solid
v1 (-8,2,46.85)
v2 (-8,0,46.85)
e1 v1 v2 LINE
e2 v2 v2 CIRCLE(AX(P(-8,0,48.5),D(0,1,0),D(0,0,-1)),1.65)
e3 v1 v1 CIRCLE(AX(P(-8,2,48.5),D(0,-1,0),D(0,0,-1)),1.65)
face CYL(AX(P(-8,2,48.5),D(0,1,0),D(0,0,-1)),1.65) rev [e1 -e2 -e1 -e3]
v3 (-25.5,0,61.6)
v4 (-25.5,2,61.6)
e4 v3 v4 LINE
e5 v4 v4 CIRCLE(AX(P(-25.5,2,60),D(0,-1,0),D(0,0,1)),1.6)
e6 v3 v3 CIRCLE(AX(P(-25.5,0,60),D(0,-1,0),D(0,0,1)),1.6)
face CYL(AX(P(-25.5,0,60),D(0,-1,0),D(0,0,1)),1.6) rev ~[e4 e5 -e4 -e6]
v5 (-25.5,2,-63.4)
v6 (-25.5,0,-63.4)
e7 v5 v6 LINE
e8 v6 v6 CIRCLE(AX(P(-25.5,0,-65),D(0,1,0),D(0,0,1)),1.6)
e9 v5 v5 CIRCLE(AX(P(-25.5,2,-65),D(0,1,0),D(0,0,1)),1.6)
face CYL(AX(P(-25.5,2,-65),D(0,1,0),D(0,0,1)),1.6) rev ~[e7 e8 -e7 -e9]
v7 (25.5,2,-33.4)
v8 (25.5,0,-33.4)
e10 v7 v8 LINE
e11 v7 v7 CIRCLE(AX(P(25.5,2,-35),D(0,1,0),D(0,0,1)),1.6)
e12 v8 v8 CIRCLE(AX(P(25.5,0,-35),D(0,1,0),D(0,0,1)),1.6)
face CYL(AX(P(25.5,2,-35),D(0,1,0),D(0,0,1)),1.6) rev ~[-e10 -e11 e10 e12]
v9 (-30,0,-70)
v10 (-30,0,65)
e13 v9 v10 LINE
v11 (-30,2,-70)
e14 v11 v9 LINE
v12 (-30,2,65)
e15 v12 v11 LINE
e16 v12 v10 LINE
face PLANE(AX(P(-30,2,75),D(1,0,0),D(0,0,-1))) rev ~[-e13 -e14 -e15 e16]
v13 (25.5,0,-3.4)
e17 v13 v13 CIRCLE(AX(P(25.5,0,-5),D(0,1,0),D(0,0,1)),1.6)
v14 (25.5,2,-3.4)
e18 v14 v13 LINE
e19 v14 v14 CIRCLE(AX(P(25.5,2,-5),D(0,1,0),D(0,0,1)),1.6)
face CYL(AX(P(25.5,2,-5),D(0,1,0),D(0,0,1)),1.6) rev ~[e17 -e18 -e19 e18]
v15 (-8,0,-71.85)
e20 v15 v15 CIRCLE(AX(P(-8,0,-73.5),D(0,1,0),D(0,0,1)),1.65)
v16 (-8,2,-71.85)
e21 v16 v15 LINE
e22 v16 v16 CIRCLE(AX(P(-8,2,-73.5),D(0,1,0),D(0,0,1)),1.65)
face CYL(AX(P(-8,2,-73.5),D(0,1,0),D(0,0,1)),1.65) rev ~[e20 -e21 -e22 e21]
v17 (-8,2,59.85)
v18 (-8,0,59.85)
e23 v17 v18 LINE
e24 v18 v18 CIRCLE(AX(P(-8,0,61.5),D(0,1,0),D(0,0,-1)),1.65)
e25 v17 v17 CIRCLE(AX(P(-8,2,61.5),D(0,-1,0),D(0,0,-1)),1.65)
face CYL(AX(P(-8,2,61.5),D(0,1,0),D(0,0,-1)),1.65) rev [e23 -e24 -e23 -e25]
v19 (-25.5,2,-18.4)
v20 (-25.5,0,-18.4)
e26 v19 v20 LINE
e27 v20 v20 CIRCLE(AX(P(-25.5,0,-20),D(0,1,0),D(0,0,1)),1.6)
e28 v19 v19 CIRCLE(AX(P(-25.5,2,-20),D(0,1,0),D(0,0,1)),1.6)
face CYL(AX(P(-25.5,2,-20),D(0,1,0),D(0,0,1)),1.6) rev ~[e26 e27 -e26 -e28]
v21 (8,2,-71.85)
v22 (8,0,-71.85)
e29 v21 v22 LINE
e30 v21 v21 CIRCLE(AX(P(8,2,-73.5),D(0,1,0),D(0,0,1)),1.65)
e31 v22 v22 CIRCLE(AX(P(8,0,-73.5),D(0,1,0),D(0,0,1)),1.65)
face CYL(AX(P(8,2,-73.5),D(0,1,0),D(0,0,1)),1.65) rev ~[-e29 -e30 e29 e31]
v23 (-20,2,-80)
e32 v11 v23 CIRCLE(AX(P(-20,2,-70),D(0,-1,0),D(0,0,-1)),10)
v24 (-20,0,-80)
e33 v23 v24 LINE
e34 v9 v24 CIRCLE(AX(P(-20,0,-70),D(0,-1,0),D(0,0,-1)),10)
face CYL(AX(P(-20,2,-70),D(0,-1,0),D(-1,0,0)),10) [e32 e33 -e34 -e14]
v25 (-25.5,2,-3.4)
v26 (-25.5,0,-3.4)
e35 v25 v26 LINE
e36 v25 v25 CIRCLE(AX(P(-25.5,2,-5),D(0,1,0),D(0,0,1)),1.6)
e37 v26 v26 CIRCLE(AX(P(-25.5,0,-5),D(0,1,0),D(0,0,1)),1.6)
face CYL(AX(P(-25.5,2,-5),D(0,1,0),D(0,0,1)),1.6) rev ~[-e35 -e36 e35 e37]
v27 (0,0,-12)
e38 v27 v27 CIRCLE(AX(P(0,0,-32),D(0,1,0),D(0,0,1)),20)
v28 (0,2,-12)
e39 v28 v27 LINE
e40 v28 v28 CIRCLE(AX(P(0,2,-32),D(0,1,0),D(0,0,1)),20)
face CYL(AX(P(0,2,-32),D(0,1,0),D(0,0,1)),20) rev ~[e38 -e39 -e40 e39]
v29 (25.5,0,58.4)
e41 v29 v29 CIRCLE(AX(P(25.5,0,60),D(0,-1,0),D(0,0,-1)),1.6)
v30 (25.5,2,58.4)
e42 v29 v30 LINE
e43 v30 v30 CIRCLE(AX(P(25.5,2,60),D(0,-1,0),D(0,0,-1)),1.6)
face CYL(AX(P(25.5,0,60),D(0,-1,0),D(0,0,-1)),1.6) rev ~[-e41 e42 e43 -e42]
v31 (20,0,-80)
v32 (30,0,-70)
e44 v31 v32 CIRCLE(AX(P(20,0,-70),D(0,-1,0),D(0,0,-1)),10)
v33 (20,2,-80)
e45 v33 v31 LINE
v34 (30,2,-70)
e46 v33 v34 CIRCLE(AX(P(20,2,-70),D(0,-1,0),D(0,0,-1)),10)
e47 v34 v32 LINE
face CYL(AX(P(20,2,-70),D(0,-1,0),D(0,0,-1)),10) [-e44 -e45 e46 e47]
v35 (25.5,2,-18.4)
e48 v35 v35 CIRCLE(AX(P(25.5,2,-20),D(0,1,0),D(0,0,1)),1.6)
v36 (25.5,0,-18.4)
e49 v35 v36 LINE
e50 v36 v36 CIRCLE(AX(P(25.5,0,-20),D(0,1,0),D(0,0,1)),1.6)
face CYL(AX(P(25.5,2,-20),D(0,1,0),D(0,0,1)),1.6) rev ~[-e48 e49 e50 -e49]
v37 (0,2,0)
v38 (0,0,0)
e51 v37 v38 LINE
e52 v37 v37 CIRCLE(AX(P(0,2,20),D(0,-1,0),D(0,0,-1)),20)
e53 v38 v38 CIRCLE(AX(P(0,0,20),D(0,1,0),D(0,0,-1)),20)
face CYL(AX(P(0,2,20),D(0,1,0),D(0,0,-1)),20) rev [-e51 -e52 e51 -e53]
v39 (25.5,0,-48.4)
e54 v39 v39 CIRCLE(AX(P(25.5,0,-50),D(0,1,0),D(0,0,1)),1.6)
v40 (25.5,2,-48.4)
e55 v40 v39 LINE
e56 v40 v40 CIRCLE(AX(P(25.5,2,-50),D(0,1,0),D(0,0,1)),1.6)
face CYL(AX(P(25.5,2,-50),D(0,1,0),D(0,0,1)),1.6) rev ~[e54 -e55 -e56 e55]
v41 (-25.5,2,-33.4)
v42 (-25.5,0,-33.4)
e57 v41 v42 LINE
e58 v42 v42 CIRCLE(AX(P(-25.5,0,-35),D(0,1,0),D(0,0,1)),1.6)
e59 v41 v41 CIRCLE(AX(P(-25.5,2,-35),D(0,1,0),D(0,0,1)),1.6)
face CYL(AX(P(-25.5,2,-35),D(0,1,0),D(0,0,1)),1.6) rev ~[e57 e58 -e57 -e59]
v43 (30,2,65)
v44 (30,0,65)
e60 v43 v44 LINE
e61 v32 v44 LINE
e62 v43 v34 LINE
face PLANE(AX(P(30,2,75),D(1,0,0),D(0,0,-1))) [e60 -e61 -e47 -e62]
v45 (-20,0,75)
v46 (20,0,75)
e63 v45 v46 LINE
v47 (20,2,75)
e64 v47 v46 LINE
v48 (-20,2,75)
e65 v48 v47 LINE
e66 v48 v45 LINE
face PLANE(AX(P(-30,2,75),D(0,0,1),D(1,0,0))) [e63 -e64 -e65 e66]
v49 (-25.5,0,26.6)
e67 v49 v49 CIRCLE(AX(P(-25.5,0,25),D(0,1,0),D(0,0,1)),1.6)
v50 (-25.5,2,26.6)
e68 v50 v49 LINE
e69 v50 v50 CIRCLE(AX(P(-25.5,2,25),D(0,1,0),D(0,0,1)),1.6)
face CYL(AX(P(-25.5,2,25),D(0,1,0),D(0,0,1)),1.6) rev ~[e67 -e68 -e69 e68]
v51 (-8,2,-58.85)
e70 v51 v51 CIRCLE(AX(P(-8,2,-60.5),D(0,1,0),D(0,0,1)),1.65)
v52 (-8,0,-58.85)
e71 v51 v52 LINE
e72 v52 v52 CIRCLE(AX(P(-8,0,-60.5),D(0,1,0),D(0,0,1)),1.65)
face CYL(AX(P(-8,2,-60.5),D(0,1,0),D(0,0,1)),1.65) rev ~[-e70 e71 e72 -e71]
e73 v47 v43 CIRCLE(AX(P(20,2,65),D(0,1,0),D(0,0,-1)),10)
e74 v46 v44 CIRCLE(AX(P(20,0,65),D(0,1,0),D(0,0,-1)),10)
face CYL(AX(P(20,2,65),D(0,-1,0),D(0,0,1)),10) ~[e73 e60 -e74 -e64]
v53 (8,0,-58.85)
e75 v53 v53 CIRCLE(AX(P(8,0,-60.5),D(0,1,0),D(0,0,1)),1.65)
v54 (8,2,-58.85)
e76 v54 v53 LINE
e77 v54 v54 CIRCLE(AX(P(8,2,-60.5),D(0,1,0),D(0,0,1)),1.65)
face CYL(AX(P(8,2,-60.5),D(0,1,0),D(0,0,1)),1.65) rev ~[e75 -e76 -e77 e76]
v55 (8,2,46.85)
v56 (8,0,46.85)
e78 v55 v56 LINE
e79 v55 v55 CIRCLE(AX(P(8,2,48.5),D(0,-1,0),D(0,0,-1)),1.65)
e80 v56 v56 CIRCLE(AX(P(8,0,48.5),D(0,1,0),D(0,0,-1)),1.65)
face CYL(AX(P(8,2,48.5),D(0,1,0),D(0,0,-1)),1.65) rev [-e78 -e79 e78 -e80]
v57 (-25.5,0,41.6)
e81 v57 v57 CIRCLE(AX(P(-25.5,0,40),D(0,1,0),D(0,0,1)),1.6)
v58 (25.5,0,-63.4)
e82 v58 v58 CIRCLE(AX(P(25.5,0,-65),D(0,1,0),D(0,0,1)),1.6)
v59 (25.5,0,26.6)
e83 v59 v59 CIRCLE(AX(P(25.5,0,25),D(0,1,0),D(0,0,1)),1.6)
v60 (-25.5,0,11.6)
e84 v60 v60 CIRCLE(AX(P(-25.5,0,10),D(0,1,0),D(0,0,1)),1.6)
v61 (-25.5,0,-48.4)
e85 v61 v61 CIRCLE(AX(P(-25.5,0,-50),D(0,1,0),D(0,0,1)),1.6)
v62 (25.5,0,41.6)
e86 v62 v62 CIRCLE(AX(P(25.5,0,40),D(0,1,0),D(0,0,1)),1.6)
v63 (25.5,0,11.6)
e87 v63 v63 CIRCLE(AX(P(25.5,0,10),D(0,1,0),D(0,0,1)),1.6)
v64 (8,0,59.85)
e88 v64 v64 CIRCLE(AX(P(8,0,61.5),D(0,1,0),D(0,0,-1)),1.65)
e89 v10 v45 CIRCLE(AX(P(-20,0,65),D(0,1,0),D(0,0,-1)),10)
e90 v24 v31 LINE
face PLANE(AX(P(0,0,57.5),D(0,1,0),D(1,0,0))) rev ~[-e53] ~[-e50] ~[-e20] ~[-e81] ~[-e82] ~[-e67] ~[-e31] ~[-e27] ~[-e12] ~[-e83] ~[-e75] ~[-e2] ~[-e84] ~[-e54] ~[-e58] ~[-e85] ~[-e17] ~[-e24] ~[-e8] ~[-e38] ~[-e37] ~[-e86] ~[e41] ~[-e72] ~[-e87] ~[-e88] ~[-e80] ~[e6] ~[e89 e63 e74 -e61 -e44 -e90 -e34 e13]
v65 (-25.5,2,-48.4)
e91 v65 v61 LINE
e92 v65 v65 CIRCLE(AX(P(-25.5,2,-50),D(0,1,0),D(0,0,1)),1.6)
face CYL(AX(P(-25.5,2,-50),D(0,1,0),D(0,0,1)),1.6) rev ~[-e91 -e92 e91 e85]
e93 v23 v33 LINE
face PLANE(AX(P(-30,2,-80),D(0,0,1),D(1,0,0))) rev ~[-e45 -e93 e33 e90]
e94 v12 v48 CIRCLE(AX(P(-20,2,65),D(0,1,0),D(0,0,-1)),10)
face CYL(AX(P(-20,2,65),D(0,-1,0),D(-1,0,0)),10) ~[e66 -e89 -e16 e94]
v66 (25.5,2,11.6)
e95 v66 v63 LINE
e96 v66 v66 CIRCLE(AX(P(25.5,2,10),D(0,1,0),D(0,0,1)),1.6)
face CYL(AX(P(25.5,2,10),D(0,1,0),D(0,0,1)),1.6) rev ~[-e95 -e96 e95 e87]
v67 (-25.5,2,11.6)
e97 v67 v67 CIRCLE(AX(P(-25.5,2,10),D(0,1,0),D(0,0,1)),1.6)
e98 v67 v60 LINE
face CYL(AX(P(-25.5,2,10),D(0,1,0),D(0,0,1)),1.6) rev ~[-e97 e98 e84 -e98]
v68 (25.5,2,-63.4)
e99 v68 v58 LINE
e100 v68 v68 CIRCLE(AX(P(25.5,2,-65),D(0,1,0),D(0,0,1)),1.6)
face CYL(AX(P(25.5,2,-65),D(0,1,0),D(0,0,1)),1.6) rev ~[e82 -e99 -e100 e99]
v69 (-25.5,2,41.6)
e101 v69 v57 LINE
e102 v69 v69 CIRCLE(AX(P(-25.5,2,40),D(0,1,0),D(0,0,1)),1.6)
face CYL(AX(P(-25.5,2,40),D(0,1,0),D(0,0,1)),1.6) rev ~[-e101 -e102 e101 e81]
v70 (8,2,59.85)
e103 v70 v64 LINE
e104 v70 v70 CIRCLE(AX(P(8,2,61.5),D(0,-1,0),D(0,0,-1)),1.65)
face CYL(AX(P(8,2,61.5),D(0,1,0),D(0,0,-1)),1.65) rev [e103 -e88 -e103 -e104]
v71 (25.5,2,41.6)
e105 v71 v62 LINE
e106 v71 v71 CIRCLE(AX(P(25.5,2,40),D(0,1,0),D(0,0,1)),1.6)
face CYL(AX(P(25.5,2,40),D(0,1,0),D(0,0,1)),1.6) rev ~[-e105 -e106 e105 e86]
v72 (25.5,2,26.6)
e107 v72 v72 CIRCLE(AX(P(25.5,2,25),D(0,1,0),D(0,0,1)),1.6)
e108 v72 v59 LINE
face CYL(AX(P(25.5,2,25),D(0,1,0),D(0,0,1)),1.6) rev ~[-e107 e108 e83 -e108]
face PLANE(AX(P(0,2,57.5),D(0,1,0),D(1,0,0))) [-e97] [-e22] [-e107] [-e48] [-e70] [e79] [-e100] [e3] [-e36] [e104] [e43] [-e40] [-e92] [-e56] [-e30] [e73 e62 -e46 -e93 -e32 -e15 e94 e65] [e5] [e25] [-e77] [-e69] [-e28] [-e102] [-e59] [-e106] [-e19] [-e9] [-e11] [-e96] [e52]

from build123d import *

# Parameters (mm, degrees)
SKETCH_1_W          = 60
SKETCH_1_H          = 80
EXTRUDE_1_DEPTH     = 2
SKETCH_2_R          = 1.4
CUT_EXTRUDE_1_DEPTH = 50
SKETCH_3_R          = 2
CUT_EXTRUDE_2_DEPTH = 50
SKETCH_5_W          = 60
SKETCH_5_H          = 40
EXTRUDE_2_DEPTH     = 2
SKETCH_6_R          = 20
CUT_EXTRUDE_4_DEPTH = 50
SKETCH_4_R          = 1.65
CUT_EXTRUDE_3_DEPTH = 50
SKETCH_7_R          = 1.6
CUT_EXTRUDE_5_DEPTH = 10
SKETCH_11_W         = 60
SKETCH_11_H         = 35
EXTRUDE_3_DEPTH     = 2
FILLET_1_R          = 10
SKETCH_13_R         = 1.6
CUT_EXTRUDE_6_DEPTH = 10
SKETCH_17_R         = 1.6
CUT_EXTRUDE_7_DEPTH = 10


with BuildPart() as part:
    # 草图1 → 凸台-拉伸1 (new body)
    with BuildSketch(Plane(origin=(0, 0, 0), x_dir=(1, 0, 0), z_dir=(0, 1, 0))):
        Rectangle(SKETCH_1_W, SKETCH_1_H)
    extrude(amount=EXTRUDE_1_DEPTH)

    # 草图2 → 切除-拉伸1 (cut)
    with BuildSketch(Plane(origin=(0, 2, 0), x_dir=(1, 0, 0), z_dir=(0, 1, 0))):
        with Locations(Location((0, -10.50070918, 0), (0, 0, 270))):
            Circle(SKETCH_2_R)
        with Locations(Location((9.49929082, -20, 0), (0, 0, 270))):
            Circle(SKETCH_2_R)
        with Locations(Location((0, -29.49929082, 0), (0, 0, 270))):
            Circle(SKETCH_2_R)
        with Locations(Location((-9.49929082, -20, 0), (0, 0, 270))):
            Circle(SKETCH_2_R)
    extrude(amount=-CUT_EXTRUDE_1_DEPTH, mode=Mode.SUBTRACT)

    # 草图3 → 切除-拉伸2 (cut)
    with BuildSketch(Plane(origin=(0, 2, 0), x_dir=(1, 0, 0), z_dir=(0, 1, 0))):
        with Locations(Location((0, -20, 0), (0, 0, 270))):
            Circle(SKETCH_3_R)
    extrude(amount=-CUT_EXTRUDE_2_DEPTH, mode=Mode.SUBTRACT)

    # 草图5 → 凸台-拉伸2 (add)
    with BuildSketch(Plane(origin=(0, 2, 0), x_dir=(1, 0, 0), z_dir=(0, 1, 0))):
        with Locations((0, 60)):
            Rectangle(SKETCH_5_W, SKETCH_5_H)
    extrude(amount=-EXTRUDE_2_DEPTH)

    # 草图6 → 切除-拉伸4 (cut)
    with BuildSketch(Plane(origin=(0, 2, 0), x_dir=(1, 0, 0), z_dir=(0, 1, 0))):
        with Locations(Location((0, 32, 0), (0, 0, 270))):
            Circle(SKETCH_6_R)
    cut_extrude_4 = extrude(amount=-CUT_EXTRUDE_4_DEPTH, mode=Mode.SUBTRACT)

    # 草图4 → 切除-拉伸3 (cut)
    with BuildSketch(Plane(origin=(0, 2, 0), x_dir=(1, 0, 0), z_dir=(0, 1, 0))):
        with Locations(Location((-8, 73.5, 0), (0, 0, 270))):
            Circle(SKETCH_4_R)
        with Locations(Location((8, 73.5, 0), (0, 0, 270))):
            Circle(SKETCH_4_R)
        with Locations(Location((8, 60.5, 0), (0, 0, 270))):
            Circle(SKETCH_4_R)
        with Locations(Location((-8, 60.5, 0), (0, 0, 270))):
            Circle(SKETCH_4_R)
    cut_extrude_3 = extrude(amount=-CUT_EXTRUDE_3_DEPTH, mode=Mode.SUBTRACT)

    # 草图7 → 切除-拉伸5 (cut)
    with BuildSketch(Plane(origin=(0, 2, 0), x_dir=(1, 0, 0), z_dir=(0, 1, 0))):
        with Locations(Location((-25.5, 20, 0), (0, 0, 270))):
            Circle(SKETCH_7_R)
        with Locations(Location((-25.5, 5, 0), (0, 0, 270))):
            Circle(SKETCH_7_R)
        with Locations(Location((-25.5, -10, 0), (0, 0, 270))):
            Circle(SKETCH_7_R)
        with Locations(Location((-25.5, -25, 0), (0, 0, 270))):
            Circle(SKETCH_7_R)
        with Locations(Location((-25.5, 35, 0), (0, 0, 270))):
            Circle(SKETCH_7_R)
        with Locations(Location((-25.5, 50, 0), (0, 0, 270))):
            Circle(SKETCH_7_R)
        with Locations(Location((-25.5, 65, 0), (0, 0, 270))):
            Circle(SKETCH_7_R)
        with Locations(Location((25.5, 65, 0), (0, 0, 270))):
            Circle(SKETCH_7_R)
        with Locations(Location((25.5, 50, 0), (0, 0, 270))):
            Circle(SKETCH_7_R)
        with Locations(Location((25.5, 35, 0), (0, 0, 270))):
            Circle(SKETCH_7_R)
        with Locations(Location((25.5, -25, 0), (0, 0, 270))):
            Circle(SKETCH_7_R)
        with Locations(Location((25.5, -10, 0), (0, 0, 270))):
            Circle(SKETCH_7_R)
        with Locations(Location((25.5, 5, 0), (0, 0, 270))):
            Circle(SKETCH_7_R)
        with Locations(Location((25.5, 20, 0), (0, 0, 270))):
            Circle(SKETCH_7_R)
    extrude(amount=-CUT_EXTRUDE_5_DEPTH, mode=Mode.SUBTRACT)

    # 草图11 → 凸台-拉伸3 (add)
    with BuildSketch(Plane(origin=(0, 2, 0), x_dir=(1, 0, 0), z_dir=(0, 1, 0))):
        with Locations((0, -57.5)):
            Rectangle(SKETCH_11_W, SKETCH_11_H)
    extrude(amount=-EXTRUDE_3_DEPTH)

    # 镜向2: 切除-拉伸4, 切除-拉伸3 across plane
    add(cut_extrude_4.mirror(Plane.XY.offset(-6)), mode=Mode.SUBTRACT)
    add(cut_extrude_3.mirror(Plane.XY.offset(-6)), mode=Mode.SUBTRACT)

    # 圆角1
    fillet_1_edges = [part.edges().sort_by_distance(p)[0] for p in [
        (-30, 1, 75),
        (30, 1, 75),
        (-30, 1, -80),
        (30, 1, -80),
    ]]
    fillet(fillet_1_edges, radius=FILLET_1_R)

    # 草图13 → 切除-拉伸6 (cut)
    with BuildSketch(Plane(origin=(0, 0, 0), x_dir=(-1, 0, 0), z_dir=(0, -1, 0))):
        with Locations(Location((-25.5, -60, 0), (0, 0, 90))):
            Circle(SKETCH_13_R)
        with Locations(Location((25.5, -60, 0), (0, 0, 270))):
            Circle(SKETCH_13_R)
    extrude(amount=-CUT_EXTRUDE_6_DEPTH, mode=Mode.SUBTRACT)

    # 草图17 → 切除-拉伸7 (cut)
    with BuildSketch(Plane(origin=(0, 2, 0), x_dir=(1, 0, 0), z_dir=(0, 1, 0))):
        with Locations(Location((-25.5, -40, 0), (0, 0, 270))):
            Circle(SKETCH_17_R)
        with Locations(Location((25.5, -40, 0), (0, 0, 270))):
            Circle(SKETCH_17_R)
    extrude(amount=-CUT_EXTRUDE_7_DEPTH, mode=Mode.SUBTRACT)


solid = part.part
